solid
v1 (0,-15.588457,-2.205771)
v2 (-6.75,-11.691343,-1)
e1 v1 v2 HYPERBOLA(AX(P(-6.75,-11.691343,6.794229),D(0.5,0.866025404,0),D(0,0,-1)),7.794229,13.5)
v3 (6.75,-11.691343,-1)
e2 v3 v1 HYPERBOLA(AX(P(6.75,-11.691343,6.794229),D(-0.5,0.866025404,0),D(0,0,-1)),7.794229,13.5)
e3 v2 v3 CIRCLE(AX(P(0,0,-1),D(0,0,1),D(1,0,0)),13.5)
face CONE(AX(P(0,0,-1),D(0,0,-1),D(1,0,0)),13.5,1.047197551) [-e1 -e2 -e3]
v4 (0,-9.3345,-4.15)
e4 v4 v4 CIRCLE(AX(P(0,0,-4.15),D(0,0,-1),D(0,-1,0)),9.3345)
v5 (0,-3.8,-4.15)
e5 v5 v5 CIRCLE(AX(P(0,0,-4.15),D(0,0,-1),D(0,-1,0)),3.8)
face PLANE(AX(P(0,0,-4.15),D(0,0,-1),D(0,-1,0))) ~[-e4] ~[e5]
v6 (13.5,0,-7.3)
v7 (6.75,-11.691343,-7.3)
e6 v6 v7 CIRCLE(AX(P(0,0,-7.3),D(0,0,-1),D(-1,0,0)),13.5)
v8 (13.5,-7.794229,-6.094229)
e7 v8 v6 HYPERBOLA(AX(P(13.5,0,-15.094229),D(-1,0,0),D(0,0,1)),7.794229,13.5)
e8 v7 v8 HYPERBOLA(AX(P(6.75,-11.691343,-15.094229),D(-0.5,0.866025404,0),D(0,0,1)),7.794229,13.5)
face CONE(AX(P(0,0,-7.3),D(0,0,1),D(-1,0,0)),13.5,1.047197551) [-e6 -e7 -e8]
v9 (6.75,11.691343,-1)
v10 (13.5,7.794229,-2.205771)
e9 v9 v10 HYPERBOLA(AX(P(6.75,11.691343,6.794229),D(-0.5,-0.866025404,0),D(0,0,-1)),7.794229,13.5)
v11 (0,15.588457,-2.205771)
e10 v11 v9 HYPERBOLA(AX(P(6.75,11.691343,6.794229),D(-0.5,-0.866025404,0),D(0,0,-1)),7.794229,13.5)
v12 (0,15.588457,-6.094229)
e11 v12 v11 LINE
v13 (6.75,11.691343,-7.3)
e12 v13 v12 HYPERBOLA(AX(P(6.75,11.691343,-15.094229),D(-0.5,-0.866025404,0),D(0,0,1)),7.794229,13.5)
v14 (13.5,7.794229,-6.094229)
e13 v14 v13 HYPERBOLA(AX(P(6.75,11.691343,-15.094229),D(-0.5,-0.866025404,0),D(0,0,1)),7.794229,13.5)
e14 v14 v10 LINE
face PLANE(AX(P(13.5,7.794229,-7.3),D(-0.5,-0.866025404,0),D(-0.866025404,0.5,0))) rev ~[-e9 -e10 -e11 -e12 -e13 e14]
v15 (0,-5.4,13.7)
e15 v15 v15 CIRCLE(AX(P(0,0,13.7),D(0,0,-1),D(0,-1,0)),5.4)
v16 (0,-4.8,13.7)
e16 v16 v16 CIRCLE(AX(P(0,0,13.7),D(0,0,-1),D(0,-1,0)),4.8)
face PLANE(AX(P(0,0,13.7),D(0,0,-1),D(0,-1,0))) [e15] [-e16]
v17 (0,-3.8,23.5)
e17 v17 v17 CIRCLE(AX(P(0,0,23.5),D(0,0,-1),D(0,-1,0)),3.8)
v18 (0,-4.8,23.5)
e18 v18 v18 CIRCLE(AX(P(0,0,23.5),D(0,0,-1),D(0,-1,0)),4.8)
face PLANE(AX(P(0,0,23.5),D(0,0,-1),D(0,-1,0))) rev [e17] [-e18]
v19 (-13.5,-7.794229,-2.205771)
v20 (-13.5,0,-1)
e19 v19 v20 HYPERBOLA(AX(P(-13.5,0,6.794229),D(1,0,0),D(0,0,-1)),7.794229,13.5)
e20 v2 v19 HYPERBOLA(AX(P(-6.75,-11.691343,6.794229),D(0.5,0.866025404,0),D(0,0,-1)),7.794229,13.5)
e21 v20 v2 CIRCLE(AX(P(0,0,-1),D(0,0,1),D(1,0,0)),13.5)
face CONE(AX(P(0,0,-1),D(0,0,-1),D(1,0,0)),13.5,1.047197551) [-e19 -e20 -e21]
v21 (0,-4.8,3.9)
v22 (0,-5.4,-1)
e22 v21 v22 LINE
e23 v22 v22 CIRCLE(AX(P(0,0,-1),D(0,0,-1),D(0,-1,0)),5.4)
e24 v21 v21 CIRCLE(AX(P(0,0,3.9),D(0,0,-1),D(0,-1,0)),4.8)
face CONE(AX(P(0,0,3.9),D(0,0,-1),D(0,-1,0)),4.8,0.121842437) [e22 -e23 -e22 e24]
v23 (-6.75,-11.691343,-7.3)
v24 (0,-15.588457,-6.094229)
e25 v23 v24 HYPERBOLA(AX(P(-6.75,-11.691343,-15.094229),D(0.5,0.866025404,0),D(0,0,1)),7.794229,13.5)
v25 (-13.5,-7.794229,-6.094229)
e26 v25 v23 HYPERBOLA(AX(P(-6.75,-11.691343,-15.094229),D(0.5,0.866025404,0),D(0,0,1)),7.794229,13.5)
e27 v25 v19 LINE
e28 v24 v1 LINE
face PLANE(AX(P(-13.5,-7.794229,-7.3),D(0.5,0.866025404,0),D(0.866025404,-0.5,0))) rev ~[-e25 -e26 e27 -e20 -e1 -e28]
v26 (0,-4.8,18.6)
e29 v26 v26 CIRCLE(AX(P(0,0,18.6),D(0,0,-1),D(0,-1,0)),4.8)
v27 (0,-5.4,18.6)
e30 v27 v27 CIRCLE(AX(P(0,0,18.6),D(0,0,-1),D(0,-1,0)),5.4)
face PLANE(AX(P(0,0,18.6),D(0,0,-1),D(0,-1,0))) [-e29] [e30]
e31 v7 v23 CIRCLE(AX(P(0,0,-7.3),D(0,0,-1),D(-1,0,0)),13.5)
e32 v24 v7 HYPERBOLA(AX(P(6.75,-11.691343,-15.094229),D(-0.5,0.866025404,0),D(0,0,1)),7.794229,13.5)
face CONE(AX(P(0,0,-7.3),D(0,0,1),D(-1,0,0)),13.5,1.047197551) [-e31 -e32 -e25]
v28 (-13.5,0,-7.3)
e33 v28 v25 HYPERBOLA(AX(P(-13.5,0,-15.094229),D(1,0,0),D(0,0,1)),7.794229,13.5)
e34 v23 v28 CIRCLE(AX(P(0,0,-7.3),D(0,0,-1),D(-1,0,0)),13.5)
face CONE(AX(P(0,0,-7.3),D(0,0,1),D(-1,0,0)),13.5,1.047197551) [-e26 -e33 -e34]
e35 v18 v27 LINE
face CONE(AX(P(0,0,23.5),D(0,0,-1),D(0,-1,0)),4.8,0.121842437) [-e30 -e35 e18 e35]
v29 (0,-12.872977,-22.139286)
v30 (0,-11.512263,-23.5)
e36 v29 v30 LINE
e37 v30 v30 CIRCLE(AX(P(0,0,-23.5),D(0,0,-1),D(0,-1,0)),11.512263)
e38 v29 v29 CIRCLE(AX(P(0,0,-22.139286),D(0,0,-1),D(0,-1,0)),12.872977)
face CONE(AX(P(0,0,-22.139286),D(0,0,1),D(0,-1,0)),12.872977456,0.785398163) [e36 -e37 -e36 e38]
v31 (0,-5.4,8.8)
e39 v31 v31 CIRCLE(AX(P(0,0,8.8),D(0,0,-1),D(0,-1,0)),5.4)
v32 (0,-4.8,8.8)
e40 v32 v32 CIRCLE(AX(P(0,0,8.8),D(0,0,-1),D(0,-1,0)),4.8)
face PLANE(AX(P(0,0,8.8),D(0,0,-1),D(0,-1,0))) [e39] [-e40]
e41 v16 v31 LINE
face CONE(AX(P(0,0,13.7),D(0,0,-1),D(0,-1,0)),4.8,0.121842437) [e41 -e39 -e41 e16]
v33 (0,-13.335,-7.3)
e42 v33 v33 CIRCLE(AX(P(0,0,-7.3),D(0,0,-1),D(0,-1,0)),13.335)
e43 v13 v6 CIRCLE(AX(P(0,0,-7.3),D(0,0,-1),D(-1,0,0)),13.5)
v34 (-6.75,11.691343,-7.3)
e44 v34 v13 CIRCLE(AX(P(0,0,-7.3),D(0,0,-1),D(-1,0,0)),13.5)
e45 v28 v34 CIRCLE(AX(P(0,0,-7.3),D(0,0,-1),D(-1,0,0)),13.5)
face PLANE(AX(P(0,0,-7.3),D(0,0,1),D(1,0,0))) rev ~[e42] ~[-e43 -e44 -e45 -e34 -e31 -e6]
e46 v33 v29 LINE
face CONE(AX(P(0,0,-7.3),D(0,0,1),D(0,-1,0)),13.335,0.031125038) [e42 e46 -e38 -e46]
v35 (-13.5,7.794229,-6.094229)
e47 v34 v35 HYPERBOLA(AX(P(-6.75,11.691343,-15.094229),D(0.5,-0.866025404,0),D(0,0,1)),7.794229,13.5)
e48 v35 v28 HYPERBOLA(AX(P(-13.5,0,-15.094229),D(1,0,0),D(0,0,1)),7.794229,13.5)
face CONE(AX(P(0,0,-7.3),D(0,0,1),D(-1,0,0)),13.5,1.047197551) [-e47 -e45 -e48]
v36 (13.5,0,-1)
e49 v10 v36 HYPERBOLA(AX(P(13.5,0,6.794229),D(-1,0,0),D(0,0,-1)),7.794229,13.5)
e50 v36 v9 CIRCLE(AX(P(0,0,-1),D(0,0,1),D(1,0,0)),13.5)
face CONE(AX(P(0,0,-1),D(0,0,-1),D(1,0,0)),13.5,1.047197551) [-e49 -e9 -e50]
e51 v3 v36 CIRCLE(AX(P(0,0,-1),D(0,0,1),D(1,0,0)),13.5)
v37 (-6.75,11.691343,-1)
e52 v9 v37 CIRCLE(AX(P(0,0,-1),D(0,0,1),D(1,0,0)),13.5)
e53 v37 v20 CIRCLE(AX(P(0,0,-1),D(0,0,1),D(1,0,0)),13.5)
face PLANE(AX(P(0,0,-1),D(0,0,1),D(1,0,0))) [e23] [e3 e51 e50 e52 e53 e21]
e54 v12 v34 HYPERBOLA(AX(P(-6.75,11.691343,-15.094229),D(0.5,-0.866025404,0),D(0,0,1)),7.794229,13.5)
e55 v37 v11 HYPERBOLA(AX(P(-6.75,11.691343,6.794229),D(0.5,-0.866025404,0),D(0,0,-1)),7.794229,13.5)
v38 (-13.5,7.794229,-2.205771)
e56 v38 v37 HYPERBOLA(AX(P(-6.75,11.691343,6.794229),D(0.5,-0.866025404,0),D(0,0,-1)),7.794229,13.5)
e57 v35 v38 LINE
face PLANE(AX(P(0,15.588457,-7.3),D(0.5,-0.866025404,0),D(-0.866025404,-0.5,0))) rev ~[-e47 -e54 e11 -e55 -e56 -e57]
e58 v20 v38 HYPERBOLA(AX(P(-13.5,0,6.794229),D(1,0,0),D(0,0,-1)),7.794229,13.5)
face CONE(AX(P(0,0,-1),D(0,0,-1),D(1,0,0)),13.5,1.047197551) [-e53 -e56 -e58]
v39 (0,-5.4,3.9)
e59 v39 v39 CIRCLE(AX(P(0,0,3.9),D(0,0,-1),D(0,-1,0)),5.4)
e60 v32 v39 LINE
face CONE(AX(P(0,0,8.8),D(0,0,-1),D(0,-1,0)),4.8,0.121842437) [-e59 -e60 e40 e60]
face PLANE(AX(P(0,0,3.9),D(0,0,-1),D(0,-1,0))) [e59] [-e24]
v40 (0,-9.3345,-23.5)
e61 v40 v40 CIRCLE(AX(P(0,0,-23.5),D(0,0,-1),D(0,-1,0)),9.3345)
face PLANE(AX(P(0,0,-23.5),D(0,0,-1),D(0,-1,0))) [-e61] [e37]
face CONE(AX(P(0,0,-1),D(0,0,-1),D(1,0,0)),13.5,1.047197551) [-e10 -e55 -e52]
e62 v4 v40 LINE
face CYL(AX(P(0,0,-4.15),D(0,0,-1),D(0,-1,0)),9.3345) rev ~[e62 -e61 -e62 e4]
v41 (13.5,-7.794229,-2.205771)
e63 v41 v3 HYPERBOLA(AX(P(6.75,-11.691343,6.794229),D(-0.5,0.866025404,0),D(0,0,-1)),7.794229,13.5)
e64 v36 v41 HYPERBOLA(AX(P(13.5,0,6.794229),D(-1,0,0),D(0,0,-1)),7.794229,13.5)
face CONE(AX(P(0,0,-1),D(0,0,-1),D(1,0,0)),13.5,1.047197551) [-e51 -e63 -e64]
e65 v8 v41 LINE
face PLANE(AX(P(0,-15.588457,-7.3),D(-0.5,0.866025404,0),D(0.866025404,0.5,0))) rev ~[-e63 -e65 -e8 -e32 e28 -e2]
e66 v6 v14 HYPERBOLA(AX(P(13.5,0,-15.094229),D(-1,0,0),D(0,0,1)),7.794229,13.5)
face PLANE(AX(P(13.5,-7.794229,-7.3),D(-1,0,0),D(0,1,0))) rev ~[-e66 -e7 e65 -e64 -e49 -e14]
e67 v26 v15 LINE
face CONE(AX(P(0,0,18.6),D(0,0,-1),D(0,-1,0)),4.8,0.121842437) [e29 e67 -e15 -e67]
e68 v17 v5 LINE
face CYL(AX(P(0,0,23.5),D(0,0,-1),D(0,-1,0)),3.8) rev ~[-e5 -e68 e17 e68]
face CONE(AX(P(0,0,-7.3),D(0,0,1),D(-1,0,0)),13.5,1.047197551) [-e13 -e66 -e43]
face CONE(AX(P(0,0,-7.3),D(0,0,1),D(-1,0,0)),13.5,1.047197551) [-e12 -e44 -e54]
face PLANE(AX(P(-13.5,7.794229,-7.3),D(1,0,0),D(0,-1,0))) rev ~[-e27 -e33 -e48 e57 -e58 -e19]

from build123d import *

# Parameters (mm, degrees)
LPATTERN1_COUNT     = 5
LPATTERN1_PITCH     = 4.9
BOSS_EXTRUDE1_START = -7.3
BOSS_EXTRUDE1_DEPTH = 6.3
SKETCH5_OUTSIDE_W   = 153.692
SKETCH5_OUTSIDE_H   = 157.868
SKETCH5_OUTSIDE_R   = 13.5
CUT_EXTRUDE1_DEPTH  = 33.023428923
CUT_EXTRUDE1_DRAFT  = -60
SKETCH6_OUTSIDE_W   = 171.16
SKETCH6_OUTSIDE_H   = 175.336
SKETCH6_OUTSIDE_R   = 13.5
CUT_EXTRUDE2_DEPTH  = 38.066022177
CUT_EXTRUDE2_DRAFT  = -60


with BuildPart() as part:
    # Sketch2 → Revolve2 (revolve)
    with BuildSketch(Plane(origin=(0, 0, 0), x_dir=(0, 0, -1), z_dir=(1, 0, 0)), mode=Mode.PRIVATE) as revolve2_sk:
        Polygon((-23.5, 4.8), (-18.6, 5.4), (-18.6, 0), (-23.5, 0), align=None)
    revolve(revolve2_sk.sketch.rotate(Axis((0, 0, 23.5), (0, 0, -1)), 180), axis=Axis((0, 0, 23.5), (0, 0, -1)))


with BuildPart() as lpattern1_1:
    # LPattern1: pattern copy
    add(part.part.moved(Location(Vector(0, 0, -1) * (1 * LPATTERN1_PITCH))))


with BuildPart() as lpattern1_2:
    # LPattern1: pattern copy
    add(part.part.moved(Location(Vector(0, 0, -1) * (2 * LPATTERN1_PITCH))))


with BuildPart() as lpattern1_3:
    # LPattern1: pattern copy
    add(part.part.moved(Location(Vector(0, 0, -1) * (3 * LPATTERN1_PITCH))))


with BuildPart() as lpattern1_4:
    # LPattern1: pattern copy
    add(part.part.moved(Location(Vector(0, 0, -1) * (4 * LPATTERN1_PITCH))))


with BuildPart() as body_6:
    # Sketch3 → Boss-Extrude1 (new body)
    with BuildSketch(Plane.XY.offset(BOSS_EXTRUDE1_START)):
        Polygon((0, 15.588457268), (-13.5, 7.794228634), (-13.5, -7.794228634), (0, -15.588457268), (13.5, -7.794228634), (13.5, 7.794228634), align=None)
    extrude(amount=BOSS_EXTRUDE1_DEPTH)


with BuildPart() as cut_extrude1_tool:
    # Sketch5 outside → Cut-Extrude1 (with draft: the straight prism first)
    with BuildSketch(Plane.XY.offset(-1)):
        Rectangle(SKETCH5_OUTSIDE_W, SKETCH5_OUTSIDE_H)
        Circle(SKETCH5_OUTSIDE_R, mode=Mode.SUBTRACT)
    extrude(amount=-CUT_EXTRUDE1_DEPTH)
    # Cut-Extrude1: the draft: its side faces are tilted about the plane it starts from
    cut_extrude1_sides = [cut_extrude1_tool.faces().sort_by_distance(p)[0] for p in [
        (0, -78.934, -17.511714462),
        (76.846, 0, -17.511714462),
        (0, 78.934, -17.511714462),
        (-76.846, 0, -17.511714462),
        (-13.5, 0, -17.511714462),
    ]]
    draft(cut_extrude1_sides, Plane.XY.offset(-1), CUT_EXTRUDE1_DRAFT)


with BuildPart() as body_6_1:
    add(body_6.part)

    # Cut-Extrude1: cut by cut_extrude1_tool
    add(cut_extrude1_tool.part, mode=Mode.SUBTRACT)


with BuildPart() as cut_extrude2_tool:
    # Sketch6 outside → Cut-Extrude2 (with draft: the straight prism first)
    with BuildSketch(Plane(origin=(0, 0, -7.3), x_dir=(-1, 0, 0), z_dir=(0, 0, -1))):
        Rectangle(SKETCH6_OUTSIDE_W, SKETCH6_OUTSIDE_H)
        Circle(SKETCH6_OUTSIDE_R, mode=Mode.SUBTRACT)
    extrude(amount=-CUT_EXTRUDE2_DEPTH)
    # Cut-Extrude2: the draft: its side faces are tilted about the plane it starts from
    cut_extrude2_sides = [cut_extrude2_tool.faces().sort_by_distance(p)[0] for p in [
        (0, -87.668, 11.733011088),
        (-85.58, 0, 11.733011088),
        (0, 87.668, 11.733011088),
        (85.58, 0, 11.733011088),
        (13.5, 0, 11.733011088),
    ]]
    draft(cut_extrude2_sides, Plane(origin=(0, 0, -7.3), x_dir=(-1, 0, 0), z_dir=(0, 0, -1)), CUT_EXTRUDE2_DRAFT)


with BuildPart() as body_6_2:
    add(body_6_1.part)

    # Cut-Extrude2: cut by cut_extrude2_tool
    add(cut_extrude2_tool.part, mode=Mode.SUBTRACT)


with BuildPart() as part_1:
    add(part.part)

    add(lpattern1_1.part)  # Revolve1 merges LPattern1_1

    add(lpattern1_2.part)  # Revolve1 merges LPattern1_2

    add(lpattern1_3.part)  # Revolve1 merges LPattern1_3

    add(lpattern1_4.part)  # Revolve1 merges LPattern1_4

    add(body_6_2.part)  # Revolve1 merges body 6
    # Sketch4 → Revolve1 (revolve)
    with BuildSketch(Plane(origin=(0, 0, 0), x_dir=(0, 0, -1), z_dir=(1, 0, 0)), mode=Mode.PRIVATE) as revolve1_sk:
        Polygon((-23.5, 4.8), (7.3, 4.8), (7.3, 13.335), (22.139285714, 12.872977456), (23.5, 11.51226317), (23.5, 0), (-23.5, 0), align=None)
    revolve(revolve1_sk.sketch.rotate(Axis((0, 0, 23.5), (0, 0, -1)), 180), axis=Axis((0, 0, 23.5), (0, 0, -1)))

    # Sketch7 → Cut-Revolve1 (revolve, cut)
    with BuildSketch(Plane(origin=(0, 0, 0), x_dir=(0, 0, -1), z_dir=(1, 0, 0)), mode=Mode.PRIVATE) as cut_revolve1_sk:
        Polygon((-23.5, 0), (-23.5, 3.8), (4.15, 3.8), (4.15, 9.3345), (23.5, 9.3345), (23.5, 0), align=None)
    revolve(cut_revolve1_sk.sketch.rotate(Axis((0, 0, 23.5), (0, 0, -1)), 180), axis=Axis((0, 0, 23.5), (0, 0, -1)), mode=Mode.SUBTRACT)


solid = part_1.part
